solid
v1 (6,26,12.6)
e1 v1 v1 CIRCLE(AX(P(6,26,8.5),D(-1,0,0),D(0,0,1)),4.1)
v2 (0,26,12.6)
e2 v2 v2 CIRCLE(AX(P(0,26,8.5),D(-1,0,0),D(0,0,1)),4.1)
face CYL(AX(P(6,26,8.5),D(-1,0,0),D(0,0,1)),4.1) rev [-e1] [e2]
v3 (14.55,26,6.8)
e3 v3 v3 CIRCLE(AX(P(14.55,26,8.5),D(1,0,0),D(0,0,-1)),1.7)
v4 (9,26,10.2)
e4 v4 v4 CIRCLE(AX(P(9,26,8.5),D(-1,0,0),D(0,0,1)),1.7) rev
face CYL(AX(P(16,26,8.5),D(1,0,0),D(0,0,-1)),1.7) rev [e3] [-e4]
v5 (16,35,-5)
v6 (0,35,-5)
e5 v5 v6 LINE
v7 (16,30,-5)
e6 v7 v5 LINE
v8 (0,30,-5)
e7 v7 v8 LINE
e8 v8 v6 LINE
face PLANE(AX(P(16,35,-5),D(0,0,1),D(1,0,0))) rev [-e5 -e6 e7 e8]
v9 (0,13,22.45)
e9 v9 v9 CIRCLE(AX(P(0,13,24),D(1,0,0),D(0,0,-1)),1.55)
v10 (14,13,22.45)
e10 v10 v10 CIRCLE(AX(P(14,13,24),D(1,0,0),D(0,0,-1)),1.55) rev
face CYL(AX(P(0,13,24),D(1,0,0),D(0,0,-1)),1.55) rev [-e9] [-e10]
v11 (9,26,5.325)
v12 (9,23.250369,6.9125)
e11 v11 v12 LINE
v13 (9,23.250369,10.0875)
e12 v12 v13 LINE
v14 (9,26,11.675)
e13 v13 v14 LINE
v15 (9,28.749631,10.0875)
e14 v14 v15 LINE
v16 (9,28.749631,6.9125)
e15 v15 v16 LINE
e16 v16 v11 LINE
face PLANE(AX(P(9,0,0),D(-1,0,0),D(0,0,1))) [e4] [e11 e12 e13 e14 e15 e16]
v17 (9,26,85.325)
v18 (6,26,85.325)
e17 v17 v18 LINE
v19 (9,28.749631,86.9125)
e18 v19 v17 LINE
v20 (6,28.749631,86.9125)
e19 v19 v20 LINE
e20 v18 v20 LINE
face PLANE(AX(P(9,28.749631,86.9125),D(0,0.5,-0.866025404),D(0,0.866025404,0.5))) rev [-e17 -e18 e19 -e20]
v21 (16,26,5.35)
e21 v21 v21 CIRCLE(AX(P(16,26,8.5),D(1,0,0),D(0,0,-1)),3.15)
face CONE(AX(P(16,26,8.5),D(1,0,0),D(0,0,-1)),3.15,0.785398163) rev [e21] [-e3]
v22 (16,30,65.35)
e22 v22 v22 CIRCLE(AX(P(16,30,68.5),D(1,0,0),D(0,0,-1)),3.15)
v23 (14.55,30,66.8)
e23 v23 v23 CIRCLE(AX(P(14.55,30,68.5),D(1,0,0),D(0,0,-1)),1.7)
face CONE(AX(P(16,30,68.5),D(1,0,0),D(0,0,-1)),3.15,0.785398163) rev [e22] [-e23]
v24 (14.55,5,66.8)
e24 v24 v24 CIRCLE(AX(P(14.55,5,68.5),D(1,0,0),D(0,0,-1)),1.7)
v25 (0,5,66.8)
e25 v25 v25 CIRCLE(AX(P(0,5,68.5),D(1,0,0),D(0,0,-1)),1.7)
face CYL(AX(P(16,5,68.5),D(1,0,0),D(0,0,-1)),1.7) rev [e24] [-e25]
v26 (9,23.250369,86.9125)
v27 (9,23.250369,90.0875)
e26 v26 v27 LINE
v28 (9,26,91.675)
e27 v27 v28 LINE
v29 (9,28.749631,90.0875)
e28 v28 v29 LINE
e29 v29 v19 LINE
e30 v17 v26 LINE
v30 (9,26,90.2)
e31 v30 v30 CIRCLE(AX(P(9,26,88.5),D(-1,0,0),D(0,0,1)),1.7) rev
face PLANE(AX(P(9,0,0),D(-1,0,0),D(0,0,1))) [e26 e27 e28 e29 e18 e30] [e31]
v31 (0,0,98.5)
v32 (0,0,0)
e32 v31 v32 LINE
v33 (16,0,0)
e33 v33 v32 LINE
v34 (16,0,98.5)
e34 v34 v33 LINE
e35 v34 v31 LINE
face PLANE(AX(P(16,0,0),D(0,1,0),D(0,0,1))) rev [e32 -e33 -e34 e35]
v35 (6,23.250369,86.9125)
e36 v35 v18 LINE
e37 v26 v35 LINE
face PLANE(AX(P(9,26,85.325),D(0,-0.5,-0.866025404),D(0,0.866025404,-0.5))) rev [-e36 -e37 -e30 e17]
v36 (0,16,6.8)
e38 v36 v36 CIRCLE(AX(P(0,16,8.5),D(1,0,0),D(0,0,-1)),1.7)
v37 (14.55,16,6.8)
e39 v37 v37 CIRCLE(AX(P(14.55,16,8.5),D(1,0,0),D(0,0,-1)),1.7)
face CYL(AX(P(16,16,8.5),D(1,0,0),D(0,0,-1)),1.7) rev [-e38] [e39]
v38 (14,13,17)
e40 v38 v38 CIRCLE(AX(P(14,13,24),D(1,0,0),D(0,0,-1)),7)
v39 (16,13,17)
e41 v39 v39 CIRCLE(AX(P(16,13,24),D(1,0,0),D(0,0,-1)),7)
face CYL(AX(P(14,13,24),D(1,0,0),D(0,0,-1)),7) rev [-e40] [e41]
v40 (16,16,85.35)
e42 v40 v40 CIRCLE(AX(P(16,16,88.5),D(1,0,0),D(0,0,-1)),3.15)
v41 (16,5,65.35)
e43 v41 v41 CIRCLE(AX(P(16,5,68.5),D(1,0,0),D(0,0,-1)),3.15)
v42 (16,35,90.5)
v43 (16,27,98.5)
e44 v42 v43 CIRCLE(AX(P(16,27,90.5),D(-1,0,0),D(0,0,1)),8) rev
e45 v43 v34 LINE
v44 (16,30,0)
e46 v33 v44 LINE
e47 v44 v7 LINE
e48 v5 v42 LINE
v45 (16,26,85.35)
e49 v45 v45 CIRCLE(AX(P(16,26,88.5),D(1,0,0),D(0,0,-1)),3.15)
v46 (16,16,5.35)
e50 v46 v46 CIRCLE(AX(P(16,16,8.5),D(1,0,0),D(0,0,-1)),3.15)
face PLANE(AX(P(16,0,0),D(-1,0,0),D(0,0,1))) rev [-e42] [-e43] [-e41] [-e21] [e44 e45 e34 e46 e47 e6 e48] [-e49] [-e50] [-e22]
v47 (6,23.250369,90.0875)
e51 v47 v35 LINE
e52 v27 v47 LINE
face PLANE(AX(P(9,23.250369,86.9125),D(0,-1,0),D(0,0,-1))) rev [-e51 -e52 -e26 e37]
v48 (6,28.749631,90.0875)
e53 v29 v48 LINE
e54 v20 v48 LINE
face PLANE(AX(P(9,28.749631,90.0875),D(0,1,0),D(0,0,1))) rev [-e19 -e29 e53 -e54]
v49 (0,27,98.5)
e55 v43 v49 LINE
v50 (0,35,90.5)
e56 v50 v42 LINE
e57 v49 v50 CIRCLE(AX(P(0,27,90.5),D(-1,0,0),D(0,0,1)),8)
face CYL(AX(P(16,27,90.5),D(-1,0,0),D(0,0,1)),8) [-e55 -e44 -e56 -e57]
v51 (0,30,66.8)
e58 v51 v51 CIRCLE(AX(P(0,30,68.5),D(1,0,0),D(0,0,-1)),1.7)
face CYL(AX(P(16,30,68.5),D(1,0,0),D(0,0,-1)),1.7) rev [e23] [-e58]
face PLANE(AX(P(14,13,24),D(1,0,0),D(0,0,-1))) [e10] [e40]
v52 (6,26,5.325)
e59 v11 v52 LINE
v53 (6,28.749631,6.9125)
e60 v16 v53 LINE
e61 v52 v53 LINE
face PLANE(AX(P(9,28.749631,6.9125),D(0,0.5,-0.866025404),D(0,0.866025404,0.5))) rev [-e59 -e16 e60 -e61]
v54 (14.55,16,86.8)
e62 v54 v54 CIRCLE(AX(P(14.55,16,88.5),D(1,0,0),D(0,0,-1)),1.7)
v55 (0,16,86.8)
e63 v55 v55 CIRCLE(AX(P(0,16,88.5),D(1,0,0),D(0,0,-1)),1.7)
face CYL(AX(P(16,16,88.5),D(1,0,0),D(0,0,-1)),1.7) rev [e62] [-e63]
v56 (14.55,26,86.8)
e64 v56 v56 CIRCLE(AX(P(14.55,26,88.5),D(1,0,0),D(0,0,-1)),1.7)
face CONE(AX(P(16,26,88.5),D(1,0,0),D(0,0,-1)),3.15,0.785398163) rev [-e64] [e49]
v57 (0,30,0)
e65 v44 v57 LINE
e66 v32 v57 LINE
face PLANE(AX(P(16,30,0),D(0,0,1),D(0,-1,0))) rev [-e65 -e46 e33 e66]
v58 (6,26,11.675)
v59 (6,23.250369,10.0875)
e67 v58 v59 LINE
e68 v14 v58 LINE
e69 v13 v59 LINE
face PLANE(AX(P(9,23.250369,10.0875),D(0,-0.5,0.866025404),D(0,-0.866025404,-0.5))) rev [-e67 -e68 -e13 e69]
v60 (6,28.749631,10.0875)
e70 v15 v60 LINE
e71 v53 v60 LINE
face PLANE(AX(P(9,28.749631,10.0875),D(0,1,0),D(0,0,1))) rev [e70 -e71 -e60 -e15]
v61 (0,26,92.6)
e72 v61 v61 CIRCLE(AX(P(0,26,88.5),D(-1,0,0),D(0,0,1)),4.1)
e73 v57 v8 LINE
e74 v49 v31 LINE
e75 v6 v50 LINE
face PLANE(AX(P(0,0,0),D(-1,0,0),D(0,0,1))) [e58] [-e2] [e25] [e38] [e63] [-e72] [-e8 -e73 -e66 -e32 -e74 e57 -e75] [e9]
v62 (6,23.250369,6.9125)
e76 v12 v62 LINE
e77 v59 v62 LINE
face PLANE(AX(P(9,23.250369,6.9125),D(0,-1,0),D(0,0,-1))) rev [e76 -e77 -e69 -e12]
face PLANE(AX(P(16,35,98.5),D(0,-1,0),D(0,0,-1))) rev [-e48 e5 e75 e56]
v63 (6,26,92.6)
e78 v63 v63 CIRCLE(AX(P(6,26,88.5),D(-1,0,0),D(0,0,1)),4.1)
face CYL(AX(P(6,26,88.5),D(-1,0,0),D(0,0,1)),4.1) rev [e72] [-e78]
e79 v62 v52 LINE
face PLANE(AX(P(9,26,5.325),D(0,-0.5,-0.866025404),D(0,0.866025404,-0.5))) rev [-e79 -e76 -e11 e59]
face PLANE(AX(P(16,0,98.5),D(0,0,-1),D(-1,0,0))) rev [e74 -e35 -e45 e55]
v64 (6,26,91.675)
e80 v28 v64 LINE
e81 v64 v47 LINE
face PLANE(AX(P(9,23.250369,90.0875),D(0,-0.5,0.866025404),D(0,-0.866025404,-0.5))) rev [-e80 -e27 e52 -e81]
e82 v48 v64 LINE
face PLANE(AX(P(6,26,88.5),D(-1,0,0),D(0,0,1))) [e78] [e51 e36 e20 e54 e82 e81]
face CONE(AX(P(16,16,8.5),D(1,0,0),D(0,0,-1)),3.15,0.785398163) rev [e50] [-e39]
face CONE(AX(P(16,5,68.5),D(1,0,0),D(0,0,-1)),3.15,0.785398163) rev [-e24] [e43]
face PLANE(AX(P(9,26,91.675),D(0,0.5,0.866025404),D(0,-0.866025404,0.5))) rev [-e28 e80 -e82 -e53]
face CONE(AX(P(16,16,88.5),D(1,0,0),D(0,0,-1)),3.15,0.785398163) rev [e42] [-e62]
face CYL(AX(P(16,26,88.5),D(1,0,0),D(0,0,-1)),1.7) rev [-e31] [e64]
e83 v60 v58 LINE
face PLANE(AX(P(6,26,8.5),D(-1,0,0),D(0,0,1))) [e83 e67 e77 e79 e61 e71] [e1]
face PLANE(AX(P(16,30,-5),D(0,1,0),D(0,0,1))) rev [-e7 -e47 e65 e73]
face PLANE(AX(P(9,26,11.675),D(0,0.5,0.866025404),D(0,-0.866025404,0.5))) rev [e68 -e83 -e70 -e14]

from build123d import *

# Parameters (mm, degrees)
BOSS_EXTRUDE1_DEPTH                                 = 16
CSK_FOR_M3_COUNTERSUNK_FLAT_HEAD_SCREW1_D           = 3.4
CSK_FOR_M3_COUNTERSUNK_FLAT_HEAD_SCREW1_CSINK_D     = 6.3
CSK_FOR_M3_COUNTERSUNK_FLAT_HEAD_SCREW1_CSINK_ANGLE = 90
CUT_EXTRUDE1_DEPTH                                  = 9
SKETCH5_R                                           = 4.1
CUT_EXTRUDE2_DEPTH                                  = 6
SKETCH6_R                                           = 1.55
CUT_EXTRUDE3_DEPTH                                  = 106.750886521
SKETCH7_R                                           = 7
CUT_EXTRUDE4_DEPTH                                  = 2
FILLET1_R                                           = 8


with BuildPart() as part:
    # Sketch1 → Boss-Extrude1 (new body)
    with BuildSketch(Plane(origin=(0, 0, 0), x_dir=(0, 0, -1), z_dir=(1, 0, 0))):
        Polygon((0, 0), (-98.5, 0), (-98.5, 35), (5, 35), (5, 30), (0, 30), align=None)
    extrude(amount=BOSS_EXTRUDE1_DEPTH)

    # CSK for M3 Countersunk Flat Head Screw1 (through all)
    with Locations(Plane(origin=(16, 26, 88.5), x_dir=(0, 0, 1), z_dir=(1, 0, 0))):
        with Locations((0, 0), (0, 10), (-20, -4), (-20, 21), (-80, 0), (-80, 10)):
            CounterSinkHole(CSK_FOR_M3_COUNTERSUNK_FLAT_HEAD_SCREW1_D / 2, CSK_FOR_M3_COUNTERSUNK_FLAT_HEAD_SCREW1_CSINK_D / 2, counter_sink_angle=CSK_FOR_M3_COUNTERSUNK_FLAT_HEAD_SCREW1_CSINK_ANGLE)

    # Sketch4 → Cut-Extrude1 (cut)
    with BuildSketch(Plane.ZY):
        Polygon((10.0875, 28.749630657), (6.9125, 28.749630657), (5.325, 26), (6.9125, 23.250369343), (10.0875, 23.250369343), (11.675, 26), align=None)
        Polygon((86.9125, 28.749630657), (85.325, 26), (86.9125, 23.250369343), (90.0875, 23.250369343), (91.675, 26), (90.0875, 28.749630657), align=None)
    extrude(amount=-CUT_EXTRUDE1_DEPTH, mode=Mode.SUBTRACT)

    # Sketch5 → Cut-Extrude2 (cut)
    with BuildSketch(Plane.ZY):
        with Locations((8.5, 26)):
            Circle(SKETCH5_R)
        with Locations((88.5, 26)):
            Circle(SKETCH5_R)
    extrude(amount=-CUT_EXTRUDE2_DEPTH, mode=Mode.SUBTRACT)

    # Sketch6 → Cut-Extrude3 (cut, through all)
    with BuildSketch(Plane(origin=(16, 0, 0), x_dir=(0, 0, -1), z_dir=(1, 0, 0))):
        with Locations((-24, 13)):
            Circle(SKETCH6_R)
    extrude(amount=-CUT_EXTRUDE3_DEPTH, mode=Mode.SUBTRACT)

    # Sketch7 → Cut-Extrude4 (cut)
    with BuildSketch(Plane(origin=(16, 0, 0), x_dir=(0, 0, -1), z_dir=(1, 0, 0))):
        with Locations((-24, 13)):
            Circle(SKETCH7_R)
    extrude(amount=-CUT_EXTRUDE4_DEPTH, mode=Mode.SUBTRACT)

    # Fillet1
    fillet1_edges = [part.edges().sort_by_distance(p)[0] for p in [
        (8, 35, 98.5),
    ]]
    fillet(fillet1_edges, radius=FILLET1_R)


solid = part.part
